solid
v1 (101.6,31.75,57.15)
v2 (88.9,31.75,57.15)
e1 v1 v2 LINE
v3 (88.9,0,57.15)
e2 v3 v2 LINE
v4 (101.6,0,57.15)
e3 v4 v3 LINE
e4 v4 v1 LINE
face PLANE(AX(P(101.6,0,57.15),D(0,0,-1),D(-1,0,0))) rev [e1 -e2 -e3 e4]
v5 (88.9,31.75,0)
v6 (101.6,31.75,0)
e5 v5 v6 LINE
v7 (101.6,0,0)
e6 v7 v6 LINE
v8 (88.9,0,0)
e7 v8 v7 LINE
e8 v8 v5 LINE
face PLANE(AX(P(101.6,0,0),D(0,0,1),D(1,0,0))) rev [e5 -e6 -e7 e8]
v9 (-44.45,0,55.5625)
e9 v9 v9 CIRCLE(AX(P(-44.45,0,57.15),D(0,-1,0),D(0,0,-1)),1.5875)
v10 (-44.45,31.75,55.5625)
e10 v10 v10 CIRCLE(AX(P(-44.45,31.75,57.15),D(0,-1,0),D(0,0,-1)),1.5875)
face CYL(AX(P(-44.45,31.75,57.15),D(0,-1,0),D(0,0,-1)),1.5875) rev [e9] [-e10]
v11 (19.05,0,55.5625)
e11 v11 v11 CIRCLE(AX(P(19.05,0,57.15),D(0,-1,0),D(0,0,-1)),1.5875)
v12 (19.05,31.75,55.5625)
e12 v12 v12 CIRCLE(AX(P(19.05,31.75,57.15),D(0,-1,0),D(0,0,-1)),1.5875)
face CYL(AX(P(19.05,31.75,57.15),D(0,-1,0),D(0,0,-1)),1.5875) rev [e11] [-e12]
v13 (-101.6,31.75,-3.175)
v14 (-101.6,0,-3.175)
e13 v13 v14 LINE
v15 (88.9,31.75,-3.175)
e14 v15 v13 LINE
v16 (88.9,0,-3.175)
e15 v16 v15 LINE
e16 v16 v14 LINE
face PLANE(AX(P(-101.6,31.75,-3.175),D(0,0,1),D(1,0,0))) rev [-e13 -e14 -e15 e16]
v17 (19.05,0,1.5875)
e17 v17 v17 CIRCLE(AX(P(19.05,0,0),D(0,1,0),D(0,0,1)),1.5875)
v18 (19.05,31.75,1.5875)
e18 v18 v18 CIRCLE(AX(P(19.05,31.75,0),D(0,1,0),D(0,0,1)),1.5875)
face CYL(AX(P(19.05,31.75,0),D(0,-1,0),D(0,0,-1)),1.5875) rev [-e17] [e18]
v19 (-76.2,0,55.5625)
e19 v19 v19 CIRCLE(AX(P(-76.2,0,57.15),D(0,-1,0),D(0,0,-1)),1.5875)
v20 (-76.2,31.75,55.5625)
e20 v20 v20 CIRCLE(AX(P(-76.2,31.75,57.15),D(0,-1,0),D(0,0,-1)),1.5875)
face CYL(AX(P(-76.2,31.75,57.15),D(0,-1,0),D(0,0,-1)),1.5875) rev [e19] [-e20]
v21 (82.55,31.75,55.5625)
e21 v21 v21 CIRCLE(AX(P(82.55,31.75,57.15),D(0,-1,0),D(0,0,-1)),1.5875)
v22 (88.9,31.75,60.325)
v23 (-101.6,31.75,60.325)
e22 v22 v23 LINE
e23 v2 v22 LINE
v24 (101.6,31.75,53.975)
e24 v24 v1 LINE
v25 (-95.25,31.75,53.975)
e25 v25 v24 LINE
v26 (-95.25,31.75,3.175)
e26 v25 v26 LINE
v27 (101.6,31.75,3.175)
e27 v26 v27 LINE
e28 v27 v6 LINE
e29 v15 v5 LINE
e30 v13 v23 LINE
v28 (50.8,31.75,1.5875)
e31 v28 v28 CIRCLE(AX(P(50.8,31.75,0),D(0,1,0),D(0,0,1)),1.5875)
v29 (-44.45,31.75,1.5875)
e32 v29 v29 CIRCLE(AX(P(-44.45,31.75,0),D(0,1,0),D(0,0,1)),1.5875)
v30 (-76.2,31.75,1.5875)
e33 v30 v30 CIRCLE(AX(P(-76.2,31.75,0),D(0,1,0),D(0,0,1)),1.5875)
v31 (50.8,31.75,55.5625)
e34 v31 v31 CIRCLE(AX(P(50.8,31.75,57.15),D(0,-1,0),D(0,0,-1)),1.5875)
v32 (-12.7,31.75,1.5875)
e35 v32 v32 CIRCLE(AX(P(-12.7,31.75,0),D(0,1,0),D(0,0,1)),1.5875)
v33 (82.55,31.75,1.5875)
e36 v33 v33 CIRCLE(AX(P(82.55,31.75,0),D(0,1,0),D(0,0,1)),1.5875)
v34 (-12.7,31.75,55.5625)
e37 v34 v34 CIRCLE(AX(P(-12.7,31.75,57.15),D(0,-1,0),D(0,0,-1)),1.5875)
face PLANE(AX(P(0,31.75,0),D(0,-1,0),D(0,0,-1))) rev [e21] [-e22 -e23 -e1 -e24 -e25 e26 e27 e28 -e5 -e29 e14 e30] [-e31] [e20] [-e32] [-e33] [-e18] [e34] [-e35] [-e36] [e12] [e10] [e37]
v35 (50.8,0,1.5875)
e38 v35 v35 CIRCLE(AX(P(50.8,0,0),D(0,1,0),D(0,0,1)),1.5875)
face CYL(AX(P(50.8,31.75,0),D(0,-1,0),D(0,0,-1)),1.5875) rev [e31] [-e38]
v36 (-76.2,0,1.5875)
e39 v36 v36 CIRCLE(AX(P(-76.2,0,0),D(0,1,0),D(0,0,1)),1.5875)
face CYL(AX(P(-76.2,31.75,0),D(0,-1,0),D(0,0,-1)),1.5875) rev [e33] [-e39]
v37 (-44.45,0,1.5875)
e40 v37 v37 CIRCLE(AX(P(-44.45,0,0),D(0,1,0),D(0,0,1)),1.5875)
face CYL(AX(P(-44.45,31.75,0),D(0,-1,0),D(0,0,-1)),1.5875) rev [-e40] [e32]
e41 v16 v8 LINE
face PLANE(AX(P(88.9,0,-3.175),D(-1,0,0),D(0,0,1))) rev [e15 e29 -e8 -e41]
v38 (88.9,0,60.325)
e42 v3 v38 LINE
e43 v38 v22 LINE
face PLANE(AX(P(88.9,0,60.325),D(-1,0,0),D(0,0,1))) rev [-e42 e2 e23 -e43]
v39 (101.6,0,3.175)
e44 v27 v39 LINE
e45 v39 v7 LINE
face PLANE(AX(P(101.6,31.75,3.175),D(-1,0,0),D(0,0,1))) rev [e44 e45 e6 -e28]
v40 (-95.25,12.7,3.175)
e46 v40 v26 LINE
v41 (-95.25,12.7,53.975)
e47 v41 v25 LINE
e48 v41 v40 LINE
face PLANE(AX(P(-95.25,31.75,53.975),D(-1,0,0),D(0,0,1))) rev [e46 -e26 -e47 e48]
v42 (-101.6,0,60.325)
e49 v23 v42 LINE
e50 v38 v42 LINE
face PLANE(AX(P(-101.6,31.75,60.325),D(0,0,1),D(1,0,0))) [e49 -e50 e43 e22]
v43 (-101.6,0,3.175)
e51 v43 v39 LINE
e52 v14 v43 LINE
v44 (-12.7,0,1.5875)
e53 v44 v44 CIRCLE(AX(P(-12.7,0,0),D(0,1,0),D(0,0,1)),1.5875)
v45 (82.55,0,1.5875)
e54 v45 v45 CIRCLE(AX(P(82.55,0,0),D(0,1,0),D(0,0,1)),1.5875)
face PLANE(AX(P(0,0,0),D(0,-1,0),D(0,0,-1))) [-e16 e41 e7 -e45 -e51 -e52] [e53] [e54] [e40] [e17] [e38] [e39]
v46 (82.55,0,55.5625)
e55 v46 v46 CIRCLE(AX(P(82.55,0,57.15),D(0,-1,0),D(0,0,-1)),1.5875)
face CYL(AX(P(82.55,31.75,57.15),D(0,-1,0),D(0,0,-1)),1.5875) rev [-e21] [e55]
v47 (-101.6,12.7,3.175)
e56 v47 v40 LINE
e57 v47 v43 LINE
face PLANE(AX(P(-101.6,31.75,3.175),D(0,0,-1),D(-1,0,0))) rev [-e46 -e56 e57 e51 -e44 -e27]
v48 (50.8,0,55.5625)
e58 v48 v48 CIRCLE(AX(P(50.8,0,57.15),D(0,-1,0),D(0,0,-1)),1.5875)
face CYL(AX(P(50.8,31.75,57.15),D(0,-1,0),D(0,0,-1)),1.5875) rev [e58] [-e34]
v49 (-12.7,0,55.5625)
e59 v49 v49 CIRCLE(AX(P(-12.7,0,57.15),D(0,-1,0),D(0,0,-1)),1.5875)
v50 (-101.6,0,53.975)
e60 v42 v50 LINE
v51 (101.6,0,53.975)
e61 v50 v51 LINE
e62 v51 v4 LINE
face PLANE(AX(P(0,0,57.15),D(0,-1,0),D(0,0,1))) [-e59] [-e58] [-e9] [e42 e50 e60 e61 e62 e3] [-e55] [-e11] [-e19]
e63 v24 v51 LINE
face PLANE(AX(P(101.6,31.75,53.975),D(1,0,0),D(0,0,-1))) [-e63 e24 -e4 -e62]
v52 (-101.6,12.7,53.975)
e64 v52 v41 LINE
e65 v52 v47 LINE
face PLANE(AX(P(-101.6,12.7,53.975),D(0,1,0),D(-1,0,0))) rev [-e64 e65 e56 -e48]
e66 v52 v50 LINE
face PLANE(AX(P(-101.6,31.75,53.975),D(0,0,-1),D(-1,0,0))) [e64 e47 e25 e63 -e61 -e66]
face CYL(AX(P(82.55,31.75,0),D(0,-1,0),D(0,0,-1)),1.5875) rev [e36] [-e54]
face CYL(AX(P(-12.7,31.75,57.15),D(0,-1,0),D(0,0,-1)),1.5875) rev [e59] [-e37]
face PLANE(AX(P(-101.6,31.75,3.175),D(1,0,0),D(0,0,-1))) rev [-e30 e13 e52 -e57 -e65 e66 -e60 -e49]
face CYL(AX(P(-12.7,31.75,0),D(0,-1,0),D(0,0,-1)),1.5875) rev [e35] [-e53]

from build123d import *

# Parameters (mm, degrees)
SKETCH2_W           = 203.2
SKETCH2_H           = 6.35
SKETCH2_R           = 1.5875
BOSS_EXTRUDE1_DEPTH = 31.75
SKETCH4_W           = 6.35
SKETCH4_H           = 19.05
BOSS_EXTRUDE2_DEPTH = 50.8
SKETCH6_W           = 12.7
SKETCH6_H           = 3.175
CUT_EXTRUDE1_DEPTH  = 32.75


with BuildPart() as part:
    # Sketch2 → Boss-Extrude1 (new body)
    with BuildSketch(Plane(origin=(0, 0, 0), x_dir=(1, 0, 0), z_dir=(0, 1, 0))):
        Rectangle(SKETCH2_W, SKETCH2_H)
        with Locations((-76.2, 0)):
            Circle(SKETCH2_R, mode=Mode.SUBTRACT)
        with Locations((-44.45, 0)):
            Circle(SKETCH2_R, mode=Mode.SUBTRACT)
        with Locations((-12.7, 0)):
            Circle(SKETCH2_R, mode=Mode.SUBTRACT)
        with Locations((19.05, 0)):
            Circle(SKETCH2_R, mode=Mode.SUBTRACT)
        with Locations((50.8, 0)):
            Circle(SKETCH2_R, mode=Mode.SUBTRACT)
        with Locations((82.55, 0)):
            Circle(SKETCH2_R, mode=Mode.SUBTRACT)
    boss_extrude1 = extrude(amount=BOSS_EXTRUDE1_DEPTH)

    # Sketch4 → Boss-Extrude2 (add)
    with BuildSketch(Plane.XY.offset(3.175)):
        with Locations((-98.425, 22.225)):
            Rectangle(SKETCH4_W, SKETCH4_H)
    extrude(amount=BOSS_EXTRUDE2_DEPTH)

    # Mirror1: Boss-Extrude1 across plane
    add(boss_extrude1.mirror(Plane.XY.offset(28.575)))

    # Sketch6 → Cut-Extrude1 (cut, through all)
    with BuildSketch(Plane(origin=(0, 31.75, 0), x_dir=(1, 0, 0), z_dir=(0, 1, 0))):
        with Locations((95.25, 1.5875)):
            Rectangle(SKETCH6_W, SKETCH6_H)
        with Locations((95.25, -58.7375)):
            Rectangle(SKETCH6_W, SKETCH6_H)
    extrude(amount=-CUT_EXTRUDE1_DEPTH, mode=Mode.SUBTRACT)


solid = part.part
